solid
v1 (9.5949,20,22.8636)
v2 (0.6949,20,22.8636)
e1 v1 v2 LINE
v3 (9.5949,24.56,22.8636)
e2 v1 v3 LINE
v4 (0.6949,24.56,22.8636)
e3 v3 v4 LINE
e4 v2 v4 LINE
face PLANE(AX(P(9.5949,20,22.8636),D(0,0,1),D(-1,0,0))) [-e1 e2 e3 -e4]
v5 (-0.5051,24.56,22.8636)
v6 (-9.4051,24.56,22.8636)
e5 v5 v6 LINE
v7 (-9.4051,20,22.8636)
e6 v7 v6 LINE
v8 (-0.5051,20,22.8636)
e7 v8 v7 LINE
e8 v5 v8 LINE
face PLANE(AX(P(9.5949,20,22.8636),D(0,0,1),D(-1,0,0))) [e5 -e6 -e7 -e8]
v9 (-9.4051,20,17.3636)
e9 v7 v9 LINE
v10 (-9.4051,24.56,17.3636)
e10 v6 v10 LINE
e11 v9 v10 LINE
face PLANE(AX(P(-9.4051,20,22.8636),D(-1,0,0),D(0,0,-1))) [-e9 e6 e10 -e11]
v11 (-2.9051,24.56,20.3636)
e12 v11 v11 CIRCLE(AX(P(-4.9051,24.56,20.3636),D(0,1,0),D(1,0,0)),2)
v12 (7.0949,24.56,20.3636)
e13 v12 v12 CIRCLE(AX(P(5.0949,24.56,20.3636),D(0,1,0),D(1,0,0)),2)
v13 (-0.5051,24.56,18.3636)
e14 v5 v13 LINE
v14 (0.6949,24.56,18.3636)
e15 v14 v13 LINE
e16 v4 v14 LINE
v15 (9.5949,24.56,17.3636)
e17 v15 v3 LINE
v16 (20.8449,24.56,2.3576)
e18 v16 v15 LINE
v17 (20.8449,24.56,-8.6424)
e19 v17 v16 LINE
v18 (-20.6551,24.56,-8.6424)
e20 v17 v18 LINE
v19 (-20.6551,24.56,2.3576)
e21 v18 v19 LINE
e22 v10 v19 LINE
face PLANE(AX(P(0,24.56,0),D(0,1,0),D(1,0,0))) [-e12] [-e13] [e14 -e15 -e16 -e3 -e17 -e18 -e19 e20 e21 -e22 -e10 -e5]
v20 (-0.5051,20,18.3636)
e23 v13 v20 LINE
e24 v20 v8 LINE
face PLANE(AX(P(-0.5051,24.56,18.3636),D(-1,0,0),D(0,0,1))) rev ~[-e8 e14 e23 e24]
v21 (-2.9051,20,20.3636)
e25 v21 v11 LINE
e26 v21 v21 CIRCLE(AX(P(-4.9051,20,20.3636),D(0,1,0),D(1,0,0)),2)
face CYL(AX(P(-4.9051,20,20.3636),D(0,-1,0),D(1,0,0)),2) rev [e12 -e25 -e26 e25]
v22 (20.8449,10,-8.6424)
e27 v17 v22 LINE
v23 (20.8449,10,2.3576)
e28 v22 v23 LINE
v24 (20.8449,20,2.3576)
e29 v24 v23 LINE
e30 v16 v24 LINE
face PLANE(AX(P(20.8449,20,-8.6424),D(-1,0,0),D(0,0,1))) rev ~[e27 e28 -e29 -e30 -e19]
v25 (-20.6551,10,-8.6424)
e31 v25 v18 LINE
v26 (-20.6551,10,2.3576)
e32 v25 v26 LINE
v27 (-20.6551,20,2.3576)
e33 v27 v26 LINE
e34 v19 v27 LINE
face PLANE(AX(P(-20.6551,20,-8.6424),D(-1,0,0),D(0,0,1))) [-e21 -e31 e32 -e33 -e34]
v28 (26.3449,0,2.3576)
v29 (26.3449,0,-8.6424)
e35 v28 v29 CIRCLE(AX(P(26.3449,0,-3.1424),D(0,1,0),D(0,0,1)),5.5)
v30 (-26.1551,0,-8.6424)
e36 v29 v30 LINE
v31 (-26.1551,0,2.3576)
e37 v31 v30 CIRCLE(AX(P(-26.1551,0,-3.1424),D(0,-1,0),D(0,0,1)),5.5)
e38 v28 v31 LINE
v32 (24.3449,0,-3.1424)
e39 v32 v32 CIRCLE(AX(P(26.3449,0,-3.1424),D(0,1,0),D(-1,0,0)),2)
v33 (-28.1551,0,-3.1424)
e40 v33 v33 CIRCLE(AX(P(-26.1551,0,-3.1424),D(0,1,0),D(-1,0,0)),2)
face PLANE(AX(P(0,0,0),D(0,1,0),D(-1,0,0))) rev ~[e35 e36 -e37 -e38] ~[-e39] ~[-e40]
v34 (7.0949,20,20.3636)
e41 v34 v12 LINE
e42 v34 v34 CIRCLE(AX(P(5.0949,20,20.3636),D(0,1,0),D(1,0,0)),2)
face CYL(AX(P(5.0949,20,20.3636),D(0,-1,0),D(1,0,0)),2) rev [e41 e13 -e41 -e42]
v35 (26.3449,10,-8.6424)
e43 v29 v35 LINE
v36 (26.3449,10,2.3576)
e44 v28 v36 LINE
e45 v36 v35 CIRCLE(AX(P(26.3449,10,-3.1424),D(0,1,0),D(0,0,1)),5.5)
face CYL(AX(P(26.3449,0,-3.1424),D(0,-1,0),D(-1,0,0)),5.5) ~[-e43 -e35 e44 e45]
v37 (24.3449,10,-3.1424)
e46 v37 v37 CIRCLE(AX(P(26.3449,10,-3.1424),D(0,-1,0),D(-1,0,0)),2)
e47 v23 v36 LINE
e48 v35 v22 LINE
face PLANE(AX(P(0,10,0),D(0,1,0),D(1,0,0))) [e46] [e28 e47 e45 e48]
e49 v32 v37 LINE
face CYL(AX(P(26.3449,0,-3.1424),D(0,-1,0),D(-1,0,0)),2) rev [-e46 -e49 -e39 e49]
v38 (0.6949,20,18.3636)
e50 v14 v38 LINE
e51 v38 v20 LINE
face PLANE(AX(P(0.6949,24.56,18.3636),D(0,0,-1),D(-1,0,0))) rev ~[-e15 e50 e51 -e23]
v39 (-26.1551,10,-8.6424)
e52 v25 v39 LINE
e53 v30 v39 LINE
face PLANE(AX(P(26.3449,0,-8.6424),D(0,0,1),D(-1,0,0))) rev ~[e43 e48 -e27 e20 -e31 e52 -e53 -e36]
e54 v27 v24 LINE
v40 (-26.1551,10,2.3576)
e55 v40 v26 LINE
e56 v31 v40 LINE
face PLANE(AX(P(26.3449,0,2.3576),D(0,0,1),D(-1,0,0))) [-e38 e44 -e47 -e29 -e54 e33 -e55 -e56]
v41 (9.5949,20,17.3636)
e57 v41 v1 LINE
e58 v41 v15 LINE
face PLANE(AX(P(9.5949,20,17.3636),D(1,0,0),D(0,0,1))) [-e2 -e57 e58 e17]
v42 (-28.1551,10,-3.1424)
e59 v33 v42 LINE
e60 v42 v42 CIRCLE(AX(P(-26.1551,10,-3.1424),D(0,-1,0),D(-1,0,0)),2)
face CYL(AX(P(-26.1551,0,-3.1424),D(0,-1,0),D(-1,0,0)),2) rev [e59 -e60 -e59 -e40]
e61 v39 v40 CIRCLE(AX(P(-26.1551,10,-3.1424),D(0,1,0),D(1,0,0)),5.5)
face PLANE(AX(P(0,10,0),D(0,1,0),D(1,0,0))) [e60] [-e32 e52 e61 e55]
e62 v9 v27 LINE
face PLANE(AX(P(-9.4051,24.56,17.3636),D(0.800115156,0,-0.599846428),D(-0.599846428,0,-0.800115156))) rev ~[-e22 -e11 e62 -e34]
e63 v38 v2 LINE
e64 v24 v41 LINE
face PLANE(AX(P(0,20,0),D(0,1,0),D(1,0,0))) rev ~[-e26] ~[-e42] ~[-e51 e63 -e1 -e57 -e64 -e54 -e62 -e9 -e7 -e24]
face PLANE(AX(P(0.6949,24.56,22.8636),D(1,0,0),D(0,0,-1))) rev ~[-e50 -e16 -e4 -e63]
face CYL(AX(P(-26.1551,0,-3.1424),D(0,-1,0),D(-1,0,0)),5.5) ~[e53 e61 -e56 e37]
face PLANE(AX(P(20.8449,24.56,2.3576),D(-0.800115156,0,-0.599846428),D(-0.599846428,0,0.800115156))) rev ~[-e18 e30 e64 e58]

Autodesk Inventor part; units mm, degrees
ref_plane "YZ Plane" through (0, 0, 0) normal (1, 0, 0) x (0, 1, 0)
ref_plane "XZ Plane" through (0, 0, 0) normal (0, 1, 0) x (-1, 0, 0)
ref_plane "XY Plane" through (0, 0, 0) normal (0, 0, 1) x (1, 0, 0)
sketch "Sketch1" plane through (0, 0, 0) normal (0, 1, 0) x (-1, 0, 0)
  circle A0 centre (-26.3449, -3.1424) radius 2
  arc A1 (-35.0949, -0.1424) -> (-17.5949, -0.1424) centre (-26.3449, -0.1424) ccw
  arc A2 (17.4051, -0.1424) -> (34.9051, -0.1424) centre (26.1551, -0.1424) ccw
  circle A3 centre (26.1551, -3.1424) radius 2
  circle A4 centre (-26.3449, -3.1424) radius 2
  circle A5 centre (26.1551, -3.1424) radius 2
  circle A6 centre (26.1551, -0.1424) radius 8.75
  circle A7 centre (-26.3449, -0.1424) radius 8.75
  line L0 (-35.0949, -0.1424) -> (-17.5949, -0.1424)
  line L1 (17.4051, -0.1424) -> (34.9051, -0.1424)
  circle A8 centre (-26.3449, -3.1424) radius 5.5
  circle A9 centre (26.1551, -3.1424) radius 5.5
  line L2 (-26.3449, -8.6424) -> (26.1551, -8.6424)
  line L3 (-26.3449, 2.3576) -> (26.1551, 2.3576)
  point P0 (0, 0)
  point P1 (-0.1898, -0.0949)
  dimension "d0" = 11
  dimension "d1" = 11
extrude "Extrusion1" add sketch "Sketch1" along normal blind 20 contours L2 A8 L0 A1 | A1 A7 L3 A6 A2 L2 | A7 L0 A8 L3 | A8 L0 | L0 A8 | A2 L1 A9 L2 | L3 A9 L1 A6 | A9 L1 | A9 L1 picked at (-18.8837, -1.0963) picked at (-20.7697, 1.0381) picked at (18.6638, -1.1758) picked at (20.5799, 1.0381)
sketch "Sketch2" plane through (0, 20, 0) normal (0, 1, 0) x (1, 0, 0)
  circle A0 centre (-26.1551, 3.1424) radius 2 projected
  circle A1 centre (26.3449, 3.1424) radius 2 projected
  circle A2 centre (-26.1551, 3.1424) radius 5.5
  circle A3 centre (26.3449, 3.1424) radius 5.5
  line L0 (26.3449, 8.6424) -> (-26.1551, 8.6424) projected
  line L1 (-20.6551, 8.6424) -> (-20.6551, -2.3576)
  line L2 (-26.1551, -2.3576) -> (26.3449, -2.3576) projected
  line L3 (20.8449, 8.6424) -> (20.8449, -2.3576)
  line L4 (-26.1551, 8.6424) -> (-20.6551, 8.6424)
  line L5 (-26.1551, -2.3576) -> (-20.6551, -2.3576)
  line L6 (20.8449, 8.6424) -> (26.3449, 8.6424)
  line L7 (20.8449, -2.3576) -> (26.3449, -2.3576)
  point P0 (0, 0)
extrude "Extrusion2" cut sketch "Sketch2" against normal blind 10 contours A2 | L1 L2 A2 | A2 L0 L1 | L0 A3 L3 | L3 A3 L2 | A3
sketch "Sketch4" plane through (0, 20, 0) normal (0, 1, 0) x (1, 0, 0)
  line L0 (20.8449, 8.6424) -> (-20.6551, 8.6424) projected
  line L1 (-20.6551, -2.3576) -> (20.8449, -2.3576) projected
  line L2 (-20.6551, 8.6424) -> (20.8449, 8.6424)
  line L3 (20.8449, 8.6424) -> (20.8449, -2.3576)
  line L4 (20.8449, -2.3576) -> (-20.6551, -2.3576)
  line L5 (-20.6551, -2.3576) -> (-20.6551, 8.6424)
  line L6 (-20.6551, -2.3576) -> (20.8449, -2.3576)
  line L7 (20.8449, -2.3576) -> (20.8449, -17.3636)
  line L8 (20.8449, -17.3636) -> (-20.6551, -17.3636)
  line L9 (-20.6551, -17.3636) -> (-20.6551, -2.3576)
  line L10 (9.5949, -22.8636) -> (-9.4051, -22.8636)
  line L11 (-9.4051, -22.8636) -> (-9.4051, -11.8636)
  line L12 (-9.4051, -11.8636) -> (9.5949, -11.8636)
  line L13 (9.5949, -11.8636) -> (9.5949, -22.8636)
  line L14 (9.5949, -22.8636) -> (-9.4051, -11.8636) construction
  line L15 (-9.4051, -22.8636) -> (9.5949, -11.8636) construction
  circle A0 centre (-4.9051, -20.3636) radius 2
  circle A1 centre (5.0949, -20.3636) radius 2
  point P0 (0, 0)
  point P1 (-9.4051, -17.3636)
  point P2 (9.5949, -17.3636)
  dimension "d27" = 19
  dimension "d28" = 11
  dimension "d29" = 4
  dimension "d30" = 3
  dimension "d31" = 4.5
  dimension "d32" = 4
  dimension "d33" = 3
  dimension "d34" = 4.5
  dimension "d37" = 20.506
extrude "Extrusion5" add sketch "Sketch4" along normal blind 4.56
sketch "Sketch5" plane through (0, 24.56, 0) normal (0, 1, 0) x (1, 0, 0)
  line L0 (-9.4051, -22.8636) -> (9.5949, -22.8636) projected
  line L1 (9.5949, -17.3636) -> (20.8449, -17.3636) projected
  line L2 (-9.4051, -22.8636) -> (9.5949, -22.8636)
  line L3 (9.5949, -22.8636) -> (9.5949, -17.3636)
  line L4 (9.5949, -17.3636) -> (-9.4051, -17.3636)
  line L5 (-9.4051, -17.3636) -> (-9.4051, -22.8636)
  line L6 (-0.5051, -27.3636) -> (0.6949, -27.3636)
  line L7 (0.6949, -27.3636) -> (0.6949, -18.3636)
  line L8 (0.6949, -18.3636) -> (-0.5051, -18.3636)
  line L9 (-0.5051, -18.3636) -> (-0.5051, -27.3636)
  line L10 (-0.5051, -27.3636) -> (0.6949, -18.3636) construction
  line L11 (0.6949, -27.3636) -> (-0.5051, -18.3636) construction
  point P0 (0, 0)
  point P1 (0.0949, -22.8636)
  dimension "d41" = 1.2
extrude "Extrusion6" cut sketch "Sketch5" against normal blind 4.56 contours L9 L8 L7 L0 | L0 L7 L6 L9
sketch "Sketch6" plane through (0, 24.56, 0) normal (0, 1, 0) x (1, 0, 0)
  line L0 (26.3449, -2.3576) -> (20.8449, -2.3576) projected
  arc A0 (26.3449, -2.3576) -> (26.3449, 8.6424) centre (26.3449, 3.1424) ccw projected
  line L1 (20.8449, 8.6424) -> (26.3449, 8.6424) projected
  line L2 (20.8449, -2.3576) -> (20.8449, 8.6424) projected
  circle A1 centre (26.3449, 3.1424) radius 2 projected
  line L3 (-20.6551, -2.3576) -> (-26.1551, -2.3576) projected
  line L4 (-20.6551, 8.6424) -> (-20.6551, -2.3576) projected
  line L5 (-26.1551, 8.6424) -> (-20.6551, 8.6424) projected
  arc A2 (-26.1551, 8.6424) -> (-26.1551, -2.3576) centre (-26.1551, 3.1424) ccw projected
  circle A3 centre (-26.1551, 3.1424) radius 2 projected
  circle A4 centre (5.0949, -20.3636) radius 2 projected
  circle A5 centre (-4.9051, -20.3636) radius 2 projected
  line L6 (-0.5051, -22.8636) -> (-0.5051, -18.3636) projected
  line L7 (-0.5051, -18.3636) -> (0.6949, -18.3636) projected
  line L8 (0.6949, -18.3636) -> (0.6949, -22.8636) projected
  line L9 (0.6949, -22.8636) -> (9.5949, -22.8636) projected
  line L10 (9.5949, -22.8636) -> (9.5949, -17.3636) projected
  line L11 (9.5949, -17.3636) -> (20.8449, -17.3636) projected
  line L12 (20.8449, -17.3636) -> (20.8449, 8.6424) projected
  line L13 (20.8449, 8.6424) -> (-20.6551, 8.6424) projected
  line L14 (-20.6551, 8.6424) -> (-20.6551, -17.3636) projected
  line L15 (-20.6551, -17.3636) -> (-9.4051, -17.3636) projected
  line L16 (-9.4051, -17.3636) -> (-9.4051, -22.8636) projected
  line L17 (-9.4051, -22.8636) -> (-0.5051, -22.8636) projected
  line L18 (20.8449, -2.3576) -> (9.5949, -17.3636)
  line L19 (9.5949, -17.3636) -> (-9.4051, -17.3636)
  line L20 (20.8449, -17.3636) -> (20.8449, 8.6424) projected
  line L21 (-9.4051, -17.3636) -> (-20.6551, -2.3576)
  line L22 (-9.4051, -17.3636) -> (-20.6551, -17.3636)
  line L23 (-20.6551, -17.3636) -> (-20.6551, -2.3576)
  line L24 (20.8449, -17.3636) -> (9.5949, -17.3636)
  line L25 (20.8449, -17.3636) -> (20.8449, -2.3576)
  point P0 (0, 0)
extrude "Extrusion7" cut sketch "Sketch6" against normal blind 4.56 contours L12 L11 L18 | L15 L14 L21
properties part number "Servo holder long side"
